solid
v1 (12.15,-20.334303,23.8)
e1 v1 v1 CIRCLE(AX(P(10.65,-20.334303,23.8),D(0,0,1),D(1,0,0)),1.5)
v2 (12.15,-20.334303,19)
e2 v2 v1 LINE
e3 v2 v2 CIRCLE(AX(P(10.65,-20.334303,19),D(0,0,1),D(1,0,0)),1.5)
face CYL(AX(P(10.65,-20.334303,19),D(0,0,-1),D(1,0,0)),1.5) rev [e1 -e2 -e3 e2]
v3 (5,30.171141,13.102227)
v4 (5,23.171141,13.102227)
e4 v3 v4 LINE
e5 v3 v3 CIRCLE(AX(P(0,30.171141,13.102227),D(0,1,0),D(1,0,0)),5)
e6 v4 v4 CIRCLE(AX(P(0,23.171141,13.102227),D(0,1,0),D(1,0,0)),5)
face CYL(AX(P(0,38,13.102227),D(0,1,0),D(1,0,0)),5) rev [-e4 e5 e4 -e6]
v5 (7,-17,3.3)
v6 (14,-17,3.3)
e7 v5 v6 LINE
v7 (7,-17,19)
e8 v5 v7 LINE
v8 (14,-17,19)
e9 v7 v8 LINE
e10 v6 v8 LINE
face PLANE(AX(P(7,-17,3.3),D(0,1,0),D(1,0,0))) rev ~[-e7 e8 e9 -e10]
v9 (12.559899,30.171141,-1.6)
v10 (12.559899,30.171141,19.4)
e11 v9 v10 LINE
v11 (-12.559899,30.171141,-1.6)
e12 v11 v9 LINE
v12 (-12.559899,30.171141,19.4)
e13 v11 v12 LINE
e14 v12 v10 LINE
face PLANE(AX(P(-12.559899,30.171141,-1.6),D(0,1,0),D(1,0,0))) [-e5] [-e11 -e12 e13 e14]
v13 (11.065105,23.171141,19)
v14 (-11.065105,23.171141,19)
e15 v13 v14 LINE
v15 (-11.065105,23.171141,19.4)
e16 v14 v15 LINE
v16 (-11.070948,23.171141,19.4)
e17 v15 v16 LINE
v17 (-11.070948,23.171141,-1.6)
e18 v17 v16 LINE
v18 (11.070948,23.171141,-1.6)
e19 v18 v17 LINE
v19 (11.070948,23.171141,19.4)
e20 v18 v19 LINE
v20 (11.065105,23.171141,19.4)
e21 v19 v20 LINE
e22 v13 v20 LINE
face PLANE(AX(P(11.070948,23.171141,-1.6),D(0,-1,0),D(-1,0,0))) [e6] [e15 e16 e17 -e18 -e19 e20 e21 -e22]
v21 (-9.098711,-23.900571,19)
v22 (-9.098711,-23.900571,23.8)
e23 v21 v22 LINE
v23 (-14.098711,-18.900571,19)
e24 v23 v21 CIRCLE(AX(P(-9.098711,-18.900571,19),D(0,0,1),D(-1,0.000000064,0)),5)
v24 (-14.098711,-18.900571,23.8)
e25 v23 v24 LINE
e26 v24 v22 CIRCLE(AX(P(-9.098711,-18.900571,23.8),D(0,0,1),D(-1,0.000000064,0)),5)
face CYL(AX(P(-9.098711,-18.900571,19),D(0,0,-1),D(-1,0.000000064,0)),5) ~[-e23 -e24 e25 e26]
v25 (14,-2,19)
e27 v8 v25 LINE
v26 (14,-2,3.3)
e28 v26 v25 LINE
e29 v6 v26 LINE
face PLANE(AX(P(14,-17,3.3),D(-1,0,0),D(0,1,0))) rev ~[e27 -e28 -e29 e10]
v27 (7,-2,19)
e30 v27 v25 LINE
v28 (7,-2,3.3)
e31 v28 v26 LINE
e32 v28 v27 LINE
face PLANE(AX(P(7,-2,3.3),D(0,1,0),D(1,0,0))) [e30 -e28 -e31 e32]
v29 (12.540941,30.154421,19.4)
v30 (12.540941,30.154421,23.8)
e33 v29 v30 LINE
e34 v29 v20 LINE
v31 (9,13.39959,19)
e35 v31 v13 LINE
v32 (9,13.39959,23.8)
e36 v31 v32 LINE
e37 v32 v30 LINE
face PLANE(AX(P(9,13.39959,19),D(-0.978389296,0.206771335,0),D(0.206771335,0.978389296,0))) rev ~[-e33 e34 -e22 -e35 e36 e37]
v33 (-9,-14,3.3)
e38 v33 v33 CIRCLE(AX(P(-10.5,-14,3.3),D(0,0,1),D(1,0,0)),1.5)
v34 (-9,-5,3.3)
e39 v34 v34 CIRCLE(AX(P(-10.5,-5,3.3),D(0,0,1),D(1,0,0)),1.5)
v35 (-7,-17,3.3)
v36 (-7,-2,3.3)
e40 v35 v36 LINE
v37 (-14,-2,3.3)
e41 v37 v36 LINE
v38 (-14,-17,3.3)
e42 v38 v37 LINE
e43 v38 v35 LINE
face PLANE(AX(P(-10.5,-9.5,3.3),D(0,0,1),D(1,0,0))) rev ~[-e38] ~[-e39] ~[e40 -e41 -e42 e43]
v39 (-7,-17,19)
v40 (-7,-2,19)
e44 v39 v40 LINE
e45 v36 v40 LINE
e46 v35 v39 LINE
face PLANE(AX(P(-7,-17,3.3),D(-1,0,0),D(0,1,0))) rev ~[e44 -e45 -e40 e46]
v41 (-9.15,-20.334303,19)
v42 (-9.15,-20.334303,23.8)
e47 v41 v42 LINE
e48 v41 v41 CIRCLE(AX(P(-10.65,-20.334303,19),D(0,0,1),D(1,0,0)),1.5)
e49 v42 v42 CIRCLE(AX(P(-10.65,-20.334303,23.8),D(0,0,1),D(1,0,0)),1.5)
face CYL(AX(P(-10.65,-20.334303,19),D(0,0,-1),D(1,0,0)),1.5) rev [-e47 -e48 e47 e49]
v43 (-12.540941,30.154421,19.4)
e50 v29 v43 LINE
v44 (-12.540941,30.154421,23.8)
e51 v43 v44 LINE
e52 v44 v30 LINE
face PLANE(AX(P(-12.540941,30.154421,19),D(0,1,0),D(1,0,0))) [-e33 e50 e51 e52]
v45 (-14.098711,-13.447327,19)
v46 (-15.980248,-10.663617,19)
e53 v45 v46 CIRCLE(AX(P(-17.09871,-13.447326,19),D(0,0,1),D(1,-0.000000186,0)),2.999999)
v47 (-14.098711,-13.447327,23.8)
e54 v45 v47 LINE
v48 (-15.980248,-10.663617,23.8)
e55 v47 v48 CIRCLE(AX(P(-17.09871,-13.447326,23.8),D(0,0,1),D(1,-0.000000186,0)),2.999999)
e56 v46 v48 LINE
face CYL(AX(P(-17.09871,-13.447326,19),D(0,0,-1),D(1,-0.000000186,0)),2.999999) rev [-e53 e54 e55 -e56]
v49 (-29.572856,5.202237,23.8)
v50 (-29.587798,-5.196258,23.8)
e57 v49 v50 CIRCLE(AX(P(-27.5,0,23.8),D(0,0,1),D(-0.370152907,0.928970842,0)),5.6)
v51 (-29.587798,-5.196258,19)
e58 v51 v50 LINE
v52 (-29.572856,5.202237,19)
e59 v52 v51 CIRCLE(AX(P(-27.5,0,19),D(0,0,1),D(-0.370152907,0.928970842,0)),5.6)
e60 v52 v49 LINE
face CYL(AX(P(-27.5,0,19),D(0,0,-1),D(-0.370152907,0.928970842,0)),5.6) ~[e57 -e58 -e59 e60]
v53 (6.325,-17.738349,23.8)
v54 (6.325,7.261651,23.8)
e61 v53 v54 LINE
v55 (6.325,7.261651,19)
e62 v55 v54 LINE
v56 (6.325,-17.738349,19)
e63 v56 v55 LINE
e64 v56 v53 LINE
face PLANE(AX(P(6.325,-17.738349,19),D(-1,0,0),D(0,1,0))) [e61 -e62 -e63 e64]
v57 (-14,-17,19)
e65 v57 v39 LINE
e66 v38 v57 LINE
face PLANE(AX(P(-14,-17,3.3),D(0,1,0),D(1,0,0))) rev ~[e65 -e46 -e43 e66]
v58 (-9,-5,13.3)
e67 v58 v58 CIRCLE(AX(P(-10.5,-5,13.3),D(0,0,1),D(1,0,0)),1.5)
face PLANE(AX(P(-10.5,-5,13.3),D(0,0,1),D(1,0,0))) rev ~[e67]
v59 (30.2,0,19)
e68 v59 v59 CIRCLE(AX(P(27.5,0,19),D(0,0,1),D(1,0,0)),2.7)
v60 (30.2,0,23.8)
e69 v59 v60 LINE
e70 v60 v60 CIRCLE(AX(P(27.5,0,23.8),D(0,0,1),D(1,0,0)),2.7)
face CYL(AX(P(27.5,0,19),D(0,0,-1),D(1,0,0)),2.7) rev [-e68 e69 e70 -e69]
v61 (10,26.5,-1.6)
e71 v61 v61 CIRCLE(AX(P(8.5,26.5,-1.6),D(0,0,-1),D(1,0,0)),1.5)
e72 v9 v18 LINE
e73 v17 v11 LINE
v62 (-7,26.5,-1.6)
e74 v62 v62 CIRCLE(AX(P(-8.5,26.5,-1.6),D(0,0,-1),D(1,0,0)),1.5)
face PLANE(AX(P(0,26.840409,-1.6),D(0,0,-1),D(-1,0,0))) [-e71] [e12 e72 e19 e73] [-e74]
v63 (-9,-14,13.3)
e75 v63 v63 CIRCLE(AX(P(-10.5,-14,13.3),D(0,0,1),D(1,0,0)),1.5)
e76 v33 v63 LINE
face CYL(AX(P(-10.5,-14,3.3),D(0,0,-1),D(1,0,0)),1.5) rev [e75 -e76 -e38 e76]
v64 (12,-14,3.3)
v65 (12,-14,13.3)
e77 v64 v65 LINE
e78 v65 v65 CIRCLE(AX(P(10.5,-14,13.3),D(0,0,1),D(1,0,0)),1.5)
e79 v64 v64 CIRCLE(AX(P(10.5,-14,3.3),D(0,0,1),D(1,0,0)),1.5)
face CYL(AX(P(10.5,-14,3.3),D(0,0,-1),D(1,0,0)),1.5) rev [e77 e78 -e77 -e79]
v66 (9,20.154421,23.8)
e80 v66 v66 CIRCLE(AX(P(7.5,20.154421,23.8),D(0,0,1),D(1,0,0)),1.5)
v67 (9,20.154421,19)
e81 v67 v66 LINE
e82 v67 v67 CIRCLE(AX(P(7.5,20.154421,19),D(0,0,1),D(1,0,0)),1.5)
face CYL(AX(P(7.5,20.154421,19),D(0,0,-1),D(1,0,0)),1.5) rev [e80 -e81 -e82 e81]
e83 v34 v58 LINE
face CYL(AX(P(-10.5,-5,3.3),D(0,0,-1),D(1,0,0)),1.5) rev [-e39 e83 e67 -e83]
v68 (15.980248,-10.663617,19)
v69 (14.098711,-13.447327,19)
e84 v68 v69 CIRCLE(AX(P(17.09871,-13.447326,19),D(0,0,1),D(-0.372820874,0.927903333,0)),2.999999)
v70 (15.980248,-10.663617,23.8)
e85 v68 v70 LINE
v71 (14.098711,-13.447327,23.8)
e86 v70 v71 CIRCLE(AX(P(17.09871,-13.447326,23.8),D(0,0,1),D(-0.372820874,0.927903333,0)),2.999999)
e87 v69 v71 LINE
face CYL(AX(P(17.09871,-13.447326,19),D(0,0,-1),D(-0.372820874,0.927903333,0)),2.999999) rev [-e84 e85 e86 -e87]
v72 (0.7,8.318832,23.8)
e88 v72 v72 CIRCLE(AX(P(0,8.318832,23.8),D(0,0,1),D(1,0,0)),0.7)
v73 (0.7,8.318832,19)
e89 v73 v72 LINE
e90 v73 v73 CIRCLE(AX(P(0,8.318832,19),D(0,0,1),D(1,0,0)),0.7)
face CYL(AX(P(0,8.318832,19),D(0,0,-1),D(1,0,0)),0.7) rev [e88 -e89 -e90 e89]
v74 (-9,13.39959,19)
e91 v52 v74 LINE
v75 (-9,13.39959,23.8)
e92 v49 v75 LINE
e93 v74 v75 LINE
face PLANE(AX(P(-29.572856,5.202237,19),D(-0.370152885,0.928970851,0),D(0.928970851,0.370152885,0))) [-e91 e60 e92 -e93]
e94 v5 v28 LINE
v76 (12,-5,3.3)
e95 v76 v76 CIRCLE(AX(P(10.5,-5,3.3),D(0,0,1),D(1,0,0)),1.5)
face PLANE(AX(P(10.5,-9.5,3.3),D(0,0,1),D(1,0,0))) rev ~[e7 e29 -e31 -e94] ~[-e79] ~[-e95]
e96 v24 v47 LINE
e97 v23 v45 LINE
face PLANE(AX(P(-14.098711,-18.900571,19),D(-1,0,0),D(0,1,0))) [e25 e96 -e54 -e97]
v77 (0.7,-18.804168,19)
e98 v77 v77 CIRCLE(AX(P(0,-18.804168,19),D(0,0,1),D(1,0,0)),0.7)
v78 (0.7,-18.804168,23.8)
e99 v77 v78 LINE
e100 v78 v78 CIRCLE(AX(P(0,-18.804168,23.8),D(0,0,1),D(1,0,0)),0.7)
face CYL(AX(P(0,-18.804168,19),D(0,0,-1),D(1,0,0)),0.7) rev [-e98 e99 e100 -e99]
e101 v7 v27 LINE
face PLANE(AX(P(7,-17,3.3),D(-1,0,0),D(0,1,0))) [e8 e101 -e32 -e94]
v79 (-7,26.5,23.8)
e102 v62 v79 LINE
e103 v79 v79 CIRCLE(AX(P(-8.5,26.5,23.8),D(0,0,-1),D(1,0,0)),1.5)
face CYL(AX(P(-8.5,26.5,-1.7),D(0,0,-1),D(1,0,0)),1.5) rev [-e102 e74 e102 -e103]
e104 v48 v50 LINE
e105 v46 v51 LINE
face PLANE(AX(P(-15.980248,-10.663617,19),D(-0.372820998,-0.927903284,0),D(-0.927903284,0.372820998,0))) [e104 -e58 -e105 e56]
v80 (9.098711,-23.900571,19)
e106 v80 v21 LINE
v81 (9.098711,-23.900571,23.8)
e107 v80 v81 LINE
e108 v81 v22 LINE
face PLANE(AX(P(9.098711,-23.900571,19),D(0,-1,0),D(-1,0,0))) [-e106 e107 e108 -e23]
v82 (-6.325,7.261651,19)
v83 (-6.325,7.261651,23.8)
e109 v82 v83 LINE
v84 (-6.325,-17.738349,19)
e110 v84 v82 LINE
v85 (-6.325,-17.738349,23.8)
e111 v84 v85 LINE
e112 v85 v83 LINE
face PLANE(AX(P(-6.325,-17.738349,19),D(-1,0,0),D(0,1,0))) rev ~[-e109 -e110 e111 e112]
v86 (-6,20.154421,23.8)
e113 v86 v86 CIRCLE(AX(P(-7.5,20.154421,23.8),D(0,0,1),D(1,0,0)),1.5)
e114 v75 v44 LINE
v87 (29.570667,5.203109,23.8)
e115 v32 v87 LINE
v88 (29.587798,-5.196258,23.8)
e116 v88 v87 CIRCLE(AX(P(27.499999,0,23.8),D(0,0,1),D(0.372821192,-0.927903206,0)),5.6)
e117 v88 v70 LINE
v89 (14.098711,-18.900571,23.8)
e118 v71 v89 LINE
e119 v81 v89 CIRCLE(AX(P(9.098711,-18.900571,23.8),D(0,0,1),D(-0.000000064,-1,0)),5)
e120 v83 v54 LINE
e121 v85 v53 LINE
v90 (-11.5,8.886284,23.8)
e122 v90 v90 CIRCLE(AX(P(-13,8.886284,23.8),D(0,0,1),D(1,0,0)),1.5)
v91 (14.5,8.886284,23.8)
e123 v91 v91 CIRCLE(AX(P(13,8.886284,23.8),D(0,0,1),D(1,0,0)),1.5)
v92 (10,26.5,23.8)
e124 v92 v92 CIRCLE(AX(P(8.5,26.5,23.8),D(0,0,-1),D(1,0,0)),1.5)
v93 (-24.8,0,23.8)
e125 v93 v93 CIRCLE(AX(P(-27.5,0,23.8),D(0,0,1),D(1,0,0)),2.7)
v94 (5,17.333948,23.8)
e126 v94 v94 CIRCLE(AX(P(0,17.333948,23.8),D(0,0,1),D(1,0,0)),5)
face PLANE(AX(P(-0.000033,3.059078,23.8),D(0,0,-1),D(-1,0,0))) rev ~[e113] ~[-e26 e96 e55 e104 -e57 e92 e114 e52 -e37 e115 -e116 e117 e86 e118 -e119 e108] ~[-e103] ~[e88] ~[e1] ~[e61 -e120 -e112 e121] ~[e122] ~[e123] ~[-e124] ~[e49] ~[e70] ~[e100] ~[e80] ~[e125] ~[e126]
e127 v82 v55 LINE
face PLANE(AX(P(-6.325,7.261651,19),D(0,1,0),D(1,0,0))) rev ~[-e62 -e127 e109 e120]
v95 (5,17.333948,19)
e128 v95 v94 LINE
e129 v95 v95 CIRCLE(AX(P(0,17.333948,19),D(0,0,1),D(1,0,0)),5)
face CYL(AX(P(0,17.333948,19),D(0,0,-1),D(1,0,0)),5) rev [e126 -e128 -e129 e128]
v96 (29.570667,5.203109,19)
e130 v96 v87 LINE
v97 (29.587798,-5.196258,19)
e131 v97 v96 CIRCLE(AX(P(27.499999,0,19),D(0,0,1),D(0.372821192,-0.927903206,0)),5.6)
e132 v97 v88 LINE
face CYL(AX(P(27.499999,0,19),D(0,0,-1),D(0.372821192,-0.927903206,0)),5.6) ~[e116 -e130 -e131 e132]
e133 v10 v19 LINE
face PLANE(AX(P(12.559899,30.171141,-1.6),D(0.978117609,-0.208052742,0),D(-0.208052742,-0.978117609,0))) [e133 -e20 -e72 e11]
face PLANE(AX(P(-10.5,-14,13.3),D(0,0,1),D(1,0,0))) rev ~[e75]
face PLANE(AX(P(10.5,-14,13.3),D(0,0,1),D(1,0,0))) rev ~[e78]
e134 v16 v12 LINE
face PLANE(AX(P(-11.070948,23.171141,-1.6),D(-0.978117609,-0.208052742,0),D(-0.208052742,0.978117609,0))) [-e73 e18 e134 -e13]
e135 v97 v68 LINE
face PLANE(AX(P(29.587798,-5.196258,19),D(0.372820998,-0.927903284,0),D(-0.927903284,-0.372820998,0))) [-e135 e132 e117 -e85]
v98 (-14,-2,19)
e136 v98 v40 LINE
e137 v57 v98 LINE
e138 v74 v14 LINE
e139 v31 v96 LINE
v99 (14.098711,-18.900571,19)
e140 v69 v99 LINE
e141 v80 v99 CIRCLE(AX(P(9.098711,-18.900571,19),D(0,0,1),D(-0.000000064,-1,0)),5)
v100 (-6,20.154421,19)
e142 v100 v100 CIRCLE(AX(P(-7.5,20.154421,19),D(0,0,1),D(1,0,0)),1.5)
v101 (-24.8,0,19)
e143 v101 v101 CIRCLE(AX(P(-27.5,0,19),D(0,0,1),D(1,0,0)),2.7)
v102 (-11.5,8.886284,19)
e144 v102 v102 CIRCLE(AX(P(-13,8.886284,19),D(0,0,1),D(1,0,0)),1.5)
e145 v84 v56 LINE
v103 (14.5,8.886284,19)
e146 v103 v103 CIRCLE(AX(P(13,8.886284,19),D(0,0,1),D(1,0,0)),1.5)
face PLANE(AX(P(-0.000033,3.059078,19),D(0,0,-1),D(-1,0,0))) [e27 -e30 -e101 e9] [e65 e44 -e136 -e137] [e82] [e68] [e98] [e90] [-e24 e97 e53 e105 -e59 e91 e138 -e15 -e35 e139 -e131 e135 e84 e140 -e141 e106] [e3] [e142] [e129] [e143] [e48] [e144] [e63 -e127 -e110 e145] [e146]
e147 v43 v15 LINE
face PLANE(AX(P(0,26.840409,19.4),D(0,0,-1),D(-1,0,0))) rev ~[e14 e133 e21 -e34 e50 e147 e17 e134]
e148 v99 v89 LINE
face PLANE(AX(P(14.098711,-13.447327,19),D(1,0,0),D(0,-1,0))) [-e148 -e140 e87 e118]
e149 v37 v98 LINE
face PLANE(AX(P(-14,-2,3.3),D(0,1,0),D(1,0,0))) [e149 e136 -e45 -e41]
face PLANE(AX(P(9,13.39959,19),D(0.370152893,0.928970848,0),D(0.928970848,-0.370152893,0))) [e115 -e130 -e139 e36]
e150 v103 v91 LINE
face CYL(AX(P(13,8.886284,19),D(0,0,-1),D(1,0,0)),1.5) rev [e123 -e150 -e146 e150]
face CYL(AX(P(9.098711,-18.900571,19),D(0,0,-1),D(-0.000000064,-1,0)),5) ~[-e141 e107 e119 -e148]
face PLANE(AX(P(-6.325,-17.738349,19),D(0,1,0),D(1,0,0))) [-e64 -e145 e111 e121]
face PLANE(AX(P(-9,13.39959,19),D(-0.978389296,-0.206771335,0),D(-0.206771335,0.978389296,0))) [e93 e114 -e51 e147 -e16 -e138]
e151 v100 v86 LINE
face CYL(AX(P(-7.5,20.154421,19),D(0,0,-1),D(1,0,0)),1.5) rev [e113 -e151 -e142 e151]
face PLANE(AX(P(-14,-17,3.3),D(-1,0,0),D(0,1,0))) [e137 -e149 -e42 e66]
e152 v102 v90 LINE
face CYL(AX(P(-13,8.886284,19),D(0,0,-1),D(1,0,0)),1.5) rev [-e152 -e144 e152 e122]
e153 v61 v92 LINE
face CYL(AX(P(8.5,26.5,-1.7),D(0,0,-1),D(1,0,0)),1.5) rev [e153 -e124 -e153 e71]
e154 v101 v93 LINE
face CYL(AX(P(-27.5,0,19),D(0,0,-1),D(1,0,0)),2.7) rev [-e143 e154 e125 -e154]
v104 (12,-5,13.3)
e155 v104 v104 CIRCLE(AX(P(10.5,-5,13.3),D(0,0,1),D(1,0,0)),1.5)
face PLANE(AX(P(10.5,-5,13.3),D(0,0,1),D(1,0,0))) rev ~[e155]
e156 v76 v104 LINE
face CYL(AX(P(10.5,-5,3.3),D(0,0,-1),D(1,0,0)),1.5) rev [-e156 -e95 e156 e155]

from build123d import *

# Parameters (mm, degrees)
CYLINDER043_R     = 1.5
CYLINDER043_DEPTH = 27
CYLINDER042_R     = 1.5
CYLINDER042_DEPTH = 27
SKETCH012_R       = 5
PAD007_DEPTH      = 30
CYLINDER029_R     = 1.5
CYLINDER029_DEPTH = 10
CYLINDER030_R     = 1.5
CYLINDER030_DEPTH = 10
CYLINDER031_R     = 1.5
CYLINDER031_DEPTH = 10
CYLINDER032_R     = 1.5
CYLINDER032_DEPTH = 11
CYLINDER033_R     = 1.5
CYLINDER033_DEPTH = 11
CYLINDER028_R     = 1.5
CYLINDER028_DEPTH = 10
BOX007_W          = 7
BOX007_H          = 15
BOX007_DEPTH      = 18
PAD006_DEPTH      = 21
BOX006_W          = 7
BOX006_H          = 15
BOX006_DEPTH      = 18
SKETCH016_R       = 2.7
SKETCH016_R_2     = 1.5
SKETCH016_R_3     = 5
SKETCH016_R_4     = 0.7
SKETCH016_W       = 12.65
SKETCH016_H       = 25
PAD009_DEPTH      = 4.8


with BuildPart() as taladro016:
    # Cylinder043 → Cylinder043 (new body)
    with BuildSketch(Plane(origin=(8.5, 26.5, -1.7), x_dir=(1, 0, 0), z_dir=(0, 0, 1))):
        Circle(CYLINDER043_R)
    extrude(amount=CYLINDER043_DEPTH)


with BuildPart() as seg_taladros_a:
    # Cylinder042 → Cylinder042 (new body)
    with BuildSketch(Plane(origin=(-8.5, 26.5, -1.7), x_dir=(1, 0, 0), z_dir=(0, 0, 1))):
        Circle(CYLINDER042_R)
    extrude(amount=CYLINDER042_DEPTH)

    # Fusion021: union Taladro016
    add(taladro016.part)


with BuildPart() as taladro_8mm:
    # Sketch012 → Pad007 (new body)
    with BuildSketch(Plane(origin=(0, 38, 3), x_dir=(1, 0, 0), z_dir=(0, -1, 0))):
        with Locations((0, 10.102227)):
            Circle(SKETCH012_R)
    extrude(amount=PAD007_DEPTH)


with BuildPart() as taladro002:
    # Cylinder029 → Cylinder029 (new body)
    with BuildSketch(Plane(origin=(-10.5, -14, 2.3), x_dir=(1, 0, 0), z_dir=(0, 0, 1))):
        Circle(CYLINDER029_R)
    extrude(amount=CYLINDER029_DEPTH)


with BuildPart() as taladro003:
    # Cylinder030 → Cylinder030 (new body)
    with BuildSketch(Plane(origin=(10.5, -5, 2.3), x_dir=(1, 0, 0), z_dir=(0, 0, 1))):
        Circle(CYLINDER030_R)
    extrude(amount=CYLINDER030_DEPTH)


with BuildPart() as taladro004:
    # Cylinder031 → Cylinder031 (new body)
    with BuildSketch(Plane(origin=(10.5, -14, 2.3), x_dir=(1, 0, 0), z_dir=(0, 0, 1))):
        Circle(CYLINDER031_R)
    extrude(amount=CYLINDER031_DEPTH)


with BuildPart() as taladro005:
    # Cylinder032 → Cylinder032 (new body)
    with BuildSketch(Plane(origin=(-8.5, 26.5, -1.7), x_dir=(1, 0, 0), z_dir=(0, 0, 1))):
        Circle(CYLINDER032_R)
    extrude(amount=CYLINDER032_DEPTH)


with BuildPart() as taladro006:
    # Cylinder033 → Cylinder033 (new body)
    with BuildSketch(Plane(origin=(8.5, 26.5, -1.7), x_dir=(1, 0, 0), z_dir=(0, 0, 1))):
        Circle(CYLINDER033_R)
    extrude(amount=CYLINDER033_DEPTH)


with BuildPart() as taladros_a:
    # Cylinder028 → Cylinder028 (new body)
    with BuildSketch(Plane(origin=(-10.5, -5, 2.3), x_dir=(1, 0, 0), z_dir=(0, 0, 1))):
        Circle(CYLINDER028_R)
    extrude(amount=CYLINDER028_DEPTH)

    # Fusion014: union Taladro002, Taladro003, Taladro004, Taladro005, Taladro006
    add(taladro002.part)
    add(taladro003.part)
    add(taladro004.part)
    add(taladro005.part)
    add(taladro006.part)


with BuildPart() as taladros_a_1:
    # Fusion014 placement: moved
    add(taladros_a.part.moved(Location((0, 0, 1))))


with BuildPart() as cubo007:
    # Box007 → Box007 (new body)
    with BuildSketch(Plane(origin=(7, -17, 3.3), x_dir=(1, 0, 0), z_dir=(0, 0, 1))):
        with Locations((3.5, 7.5)):
            Rectangle(BOX007_W, BOX007_H)
    extrude(amount=BOX007_DEPTH)


with BuildPart() as pad006:
    # Sketch011 → Pad006 (new body)
    with BuildSketch(Plane.XY.offset(-1.6)):
        Polygon((-12.559899, 30.171141), (12.559899, 30.171141), (11.070948, 23.171141), (-11.070948, 23.171141), align=None)
    extrude(amount=PAD006_DEPTH)


with BuildPart() as cut009:
    # Box006 → Box006 (new body)
    with BuildSketch(Plane(origin=(-14, -17, 3.3), x_dir=(1, 0, 0), z_dir=(0, 0, 1))):
        with Locations((3.5, 7.5)):
            Rectangle(BOX006_W, BOX006_H)
    extrude(amount=BOX006_DEPTH)

    # Fusion016: union Cubo007, Pad006
    add(cubo007.part)
    add(pad006.part)

    # Cut007: cut Taladros A
    add(taladros_a_1.part, mode=Mode.SUBTRACT)

    # Cut009: cut Taladro 8mm
    add(taladro_8mm.part, mode=Mode.SUBTRACT)


with BuildPart() as cut010:
    # Sketch016 → Pad009 (new body)
    with BuildSketch(Plane.XY.offset(19)):
        with BuildLine():
            Line((-29.572856, 5.202237), (-9, 13.39959))
            Line((-9, 13.39959), (-12.540941, 30.154421))
            Line((-12.540941, 30.154421), (12.540941, 30.154421))
            Line((9, 13.39959), (12.540941, 30.154421))
            Line((9, 13.39959), (29.570667, 5.203109))
            ThreePointArc((29.587798, -5.196258), (33.099992, 0.009225), (29.570667, 5.203109))
            Line((29.587798, -5.196258), (15.980248, -10.663617))
            ThreePointArc((15.980248, -10.663617), (14.613214, -11.767355), (14.098711, -13.447327))
            Line((14.098711, -13.447327), (14.098711, -18.900571))
            ThreePointArc((9.098711, -23.900571), (12.634245, -22.436105), (14.098711, -18.900571))
            Line((9.098711, -23.900571), (-9.098711, -23.900571))
            ThreePointArc((-14.098711, -18.900571), (-12.634245, -22.436105), (-9.098711, -23.900571))
            Line((-14.098711, -18.900571), (-14.098711, -13.447327))
            ThreePointArc((-14.098711, -13.447327), (-14.613214, -11.767355), (-15.980248, -10.663617))
            Line((-15.980248, -10.663617), (-29.587798, -5.196258))
            ThreePointArc((-29.572856, 5.202237), (-33.099994, 0.008047), (-29.587798, -5.196258))
        make_face()
        with Locations((27.5, 0)):
            Circle(SKETCH016_R, mode=Mode.SUBTRACT)
        with Locations((-27.5, 0)):
            Circle(SKETCH016_R, mode=Mode.SUBTRACT)
        with Locations((10.65, -20.334303)):
            Circle(SKETCH016_R_2, mode=Mode.SUBTRACT)
        with Locations((-10.65, -20.334303)):
            Circle(SKETCH016_R_2, mode=Mode.SUBTRACT)
        with Locations((13, 8.886284)):
            Circle(SKETCH016_R_2, mode=Mode.SUBTRACT)
        with Locations((-13, 8.886284)):
            Circle(SKETCH016_R_2, mode=Mode.SUBTRACT)
        with Locations((7.5, 20.154421)):
            Circle(SKETCH016_R_2, mode=Mode.SUBTRACT)
        with Locations((-7.5, 20.154421)):
            Circle(SKETCH016_R_2, mode=Mode.SUBTRACT)
        with Locations((0, 17.333948)):
            Circle(SKETCH016_R_3, mode=Mode.SUBTRACT)
        with Locations((0, 8.318832)):
            Circle(SKETCH016_R_4, mode=Mode.SUBTRACT)
        with Locations((0, -18.804168)):
            Circle(SKETCH016_R_4, mode=Mode.SUBTRACT)
        with Locations((0, -5.238349)):
            Rectangle(SKETCH016_W, SKETCH016_H, mode=Mode.SUBTRACT)
    extrude(amount=PAD009_DEPTH)

    # Fusion020: union Cut009
    add(cut009.part)

    # Cut010: cut Seg taladros A
    add(seg_taladros_a.part, mode=Mode.SUBTRACT)


solid = cut010.part
